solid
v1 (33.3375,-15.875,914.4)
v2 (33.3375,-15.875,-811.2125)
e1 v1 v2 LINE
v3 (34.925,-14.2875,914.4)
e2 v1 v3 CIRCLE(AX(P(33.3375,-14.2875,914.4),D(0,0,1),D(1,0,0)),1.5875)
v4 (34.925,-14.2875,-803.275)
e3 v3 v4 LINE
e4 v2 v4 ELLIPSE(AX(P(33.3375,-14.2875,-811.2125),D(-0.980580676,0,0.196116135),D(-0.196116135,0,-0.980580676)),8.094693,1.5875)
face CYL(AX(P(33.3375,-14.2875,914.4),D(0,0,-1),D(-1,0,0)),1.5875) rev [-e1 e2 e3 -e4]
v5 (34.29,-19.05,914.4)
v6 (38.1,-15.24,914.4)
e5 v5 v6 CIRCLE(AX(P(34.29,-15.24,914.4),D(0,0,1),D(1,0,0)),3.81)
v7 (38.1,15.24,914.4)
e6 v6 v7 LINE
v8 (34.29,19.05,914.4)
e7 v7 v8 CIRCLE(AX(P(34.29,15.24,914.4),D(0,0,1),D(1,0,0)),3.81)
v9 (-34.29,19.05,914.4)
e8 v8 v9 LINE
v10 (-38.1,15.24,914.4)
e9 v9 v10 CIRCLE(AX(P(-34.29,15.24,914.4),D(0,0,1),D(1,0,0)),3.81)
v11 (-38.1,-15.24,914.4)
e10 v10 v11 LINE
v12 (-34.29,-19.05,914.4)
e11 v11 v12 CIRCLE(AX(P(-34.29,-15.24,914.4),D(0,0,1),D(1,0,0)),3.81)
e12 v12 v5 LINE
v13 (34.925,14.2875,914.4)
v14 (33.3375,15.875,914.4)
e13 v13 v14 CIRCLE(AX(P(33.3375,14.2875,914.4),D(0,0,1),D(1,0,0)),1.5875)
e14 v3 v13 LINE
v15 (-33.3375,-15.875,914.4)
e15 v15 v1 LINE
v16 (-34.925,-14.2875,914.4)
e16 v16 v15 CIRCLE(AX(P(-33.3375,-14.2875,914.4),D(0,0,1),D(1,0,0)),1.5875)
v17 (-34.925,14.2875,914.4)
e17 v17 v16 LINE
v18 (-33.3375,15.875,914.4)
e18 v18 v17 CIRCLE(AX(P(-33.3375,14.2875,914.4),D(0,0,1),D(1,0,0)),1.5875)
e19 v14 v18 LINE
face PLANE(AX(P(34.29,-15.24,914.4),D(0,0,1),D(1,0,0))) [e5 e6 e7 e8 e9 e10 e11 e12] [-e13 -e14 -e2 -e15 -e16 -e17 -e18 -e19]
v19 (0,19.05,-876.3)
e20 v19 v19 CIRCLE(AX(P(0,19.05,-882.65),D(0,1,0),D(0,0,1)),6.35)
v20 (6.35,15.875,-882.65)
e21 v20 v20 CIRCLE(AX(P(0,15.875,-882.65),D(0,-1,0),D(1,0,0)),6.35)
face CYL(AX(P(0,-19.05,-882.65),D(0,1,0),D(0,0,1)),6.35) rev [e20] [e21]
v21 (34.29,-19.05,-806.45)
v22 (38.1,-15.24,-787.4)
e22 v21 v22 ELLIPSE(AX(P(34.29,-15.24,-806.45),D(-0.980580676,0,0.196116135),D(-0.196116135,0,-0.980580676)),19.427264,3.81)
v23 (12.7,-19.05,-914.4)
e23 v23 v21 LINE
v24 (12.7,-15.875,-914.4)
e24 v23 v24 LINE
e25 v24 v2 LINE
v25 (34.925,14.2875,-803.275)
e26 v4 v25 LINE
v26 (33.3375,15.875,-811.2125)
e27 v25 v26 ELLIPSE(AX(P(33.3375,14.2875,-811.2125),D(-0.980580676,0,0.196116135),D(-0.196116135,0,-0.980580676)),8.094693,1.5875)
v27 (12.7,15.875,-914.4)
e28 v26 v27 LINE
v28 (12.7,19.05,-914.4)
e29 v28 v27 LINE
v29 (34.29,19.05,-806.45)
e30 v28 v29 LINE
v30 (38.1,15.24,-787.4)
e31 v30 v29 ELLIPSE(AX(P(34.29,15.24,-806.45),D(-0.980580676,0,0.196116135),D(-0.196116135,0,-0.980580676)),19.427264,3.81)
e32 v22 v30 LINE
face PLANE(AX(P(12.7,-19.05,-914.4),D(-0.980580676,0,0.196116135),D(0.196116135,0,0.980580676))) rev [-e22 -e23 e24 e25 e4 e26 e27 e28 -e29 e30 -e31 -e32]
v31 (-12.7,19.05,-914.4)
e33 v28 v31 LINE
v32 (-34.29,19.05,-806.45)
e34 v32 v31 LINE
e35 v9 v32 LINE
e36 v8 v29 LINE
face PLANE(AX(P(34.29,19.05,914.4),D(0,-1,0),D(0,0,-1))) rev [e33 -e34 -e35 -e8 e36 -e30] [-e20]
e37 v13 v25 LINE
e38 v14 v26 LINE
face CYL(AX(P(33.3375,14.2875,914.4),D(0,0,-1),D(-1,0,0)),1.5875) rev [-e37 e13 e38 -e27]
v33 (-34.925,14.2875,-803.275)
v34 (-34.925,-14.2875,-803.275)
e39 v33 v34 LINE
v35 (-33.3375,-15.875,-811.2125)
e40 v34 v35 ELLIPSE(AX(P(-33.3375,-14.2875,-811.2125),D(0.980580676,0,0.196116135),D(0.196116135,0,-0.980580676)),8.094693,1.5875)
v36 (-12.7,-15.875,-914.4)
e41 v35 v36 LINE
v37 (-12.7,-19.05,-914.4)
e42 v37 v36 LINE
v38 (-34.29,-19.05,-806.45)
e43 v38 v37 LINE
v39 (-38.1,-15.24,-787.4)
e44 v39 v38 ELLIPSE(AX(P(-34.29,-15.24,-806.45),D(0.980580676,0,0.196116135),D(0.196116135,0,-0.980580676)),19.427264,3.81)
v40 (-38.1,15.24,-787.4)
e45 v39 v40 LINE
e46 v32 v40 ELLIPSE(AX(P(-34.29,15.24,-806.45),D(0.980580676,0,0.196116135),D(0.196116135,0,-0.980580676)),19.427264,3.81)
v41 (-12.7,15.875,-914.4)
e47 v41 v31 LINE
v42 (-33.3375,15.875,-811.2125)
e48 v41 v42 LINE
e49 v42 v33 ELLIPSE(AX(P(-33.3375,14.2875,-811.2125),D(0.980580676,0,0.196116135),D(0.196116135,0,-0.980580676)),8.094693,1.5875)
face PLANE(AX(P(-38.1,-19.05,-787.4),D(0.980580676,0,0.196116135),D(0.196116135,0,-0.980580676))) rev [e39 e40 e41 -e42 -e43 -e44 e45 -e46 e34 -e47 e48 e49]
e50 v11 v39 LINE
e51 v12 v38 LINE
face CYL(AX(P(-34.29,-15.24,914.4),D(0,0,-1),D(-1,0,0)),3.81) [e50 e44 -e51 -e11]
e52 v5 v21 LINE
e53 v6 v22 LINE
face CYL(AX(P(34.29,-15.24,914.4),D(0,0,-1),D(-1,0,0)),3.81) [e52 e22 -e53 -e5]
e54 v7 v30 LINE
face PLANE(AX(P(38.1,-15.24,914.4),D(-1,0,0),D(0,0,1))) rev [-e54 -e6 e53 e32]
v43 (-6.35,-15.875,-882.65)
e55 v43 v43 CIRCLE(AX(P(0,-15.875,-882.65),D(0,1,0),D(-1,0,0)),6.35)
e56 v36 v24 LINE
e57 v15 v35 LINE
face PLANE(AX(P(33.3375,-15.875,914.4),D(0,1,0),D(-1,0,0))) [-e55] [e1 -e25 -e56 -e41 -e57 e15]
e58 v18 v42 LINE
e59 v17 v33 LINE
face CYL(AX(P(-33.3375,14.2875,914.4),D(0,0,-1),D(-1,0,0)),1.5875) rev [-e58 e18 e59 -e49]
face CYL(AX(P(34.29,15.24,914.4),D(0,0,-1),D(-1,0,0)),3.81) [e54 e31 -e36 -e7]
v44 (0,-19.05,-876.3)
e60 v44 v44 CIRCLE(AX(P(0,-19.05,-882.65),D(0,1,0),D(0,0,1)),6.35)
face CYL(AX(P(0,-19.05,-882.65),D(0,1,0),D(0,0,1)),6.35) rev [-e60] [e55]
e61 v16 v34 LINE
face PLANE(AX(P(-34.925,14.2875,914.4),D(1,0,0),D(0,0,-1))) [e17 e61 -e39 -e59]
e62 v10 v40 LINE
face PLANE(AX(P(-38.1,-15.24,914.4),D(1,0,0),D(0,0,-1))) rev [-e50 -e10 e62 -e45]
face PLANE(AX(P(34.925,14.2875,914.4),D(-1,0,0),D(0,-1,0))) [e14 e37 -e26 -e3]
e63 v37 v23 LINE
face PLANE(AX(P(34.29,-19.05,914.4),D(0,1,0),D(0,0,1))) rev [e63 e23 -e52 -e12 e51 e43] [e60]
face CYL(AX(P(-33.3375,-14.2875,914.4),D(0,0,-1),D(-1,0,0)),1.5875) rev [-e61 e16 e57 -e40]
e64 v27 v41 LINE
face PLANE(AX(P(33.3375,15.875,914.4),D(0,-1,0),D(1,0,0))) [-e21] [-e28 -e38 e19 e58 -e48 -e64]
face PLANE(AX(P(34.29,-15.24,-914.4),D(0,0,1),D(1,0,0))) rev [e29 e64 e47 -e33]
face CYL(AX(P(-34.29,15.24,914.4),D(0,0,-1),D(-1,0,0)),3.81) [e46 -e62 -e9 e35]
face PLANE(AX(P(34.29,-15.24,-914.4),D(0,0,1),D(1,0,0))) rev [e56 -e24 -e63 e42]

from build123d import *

# Parameters (mm, degrees)
BOSS_EXTRUDE1_DEPTH      = 914.4
BOSS_EXTRUDE1_DEPTH_BACK = 914.4
SKETCH7_R                = 6.35
CUT_EXTRUDE1_DEPTH       = 916.986124349


with BuildPart() as part:
    # Sketch4 → Boss-Extrude1 (new, two sides: drawn at the far end of the back side and taken through both)
    with BuildSketch(Plane.XY.offset(-BOSS_EXTRUDE1_DEPTH_BACK)):
        with BuildLine():
            Line((38.1, -15.24), (38.1, 15.24))
            ThreePointArc((38.1, 15.24), (36.984076836, 17.934076836), (34.29, 19.05))
            Line((34.29, 19.05), (-34.29, 19.05))
            ThreePointArc((-34.29, 19.05), (-36.984076836, 17.934076836), (-38.1, 15.24))
            Line((-38.1, 15.24), (-38.1, -15.24))
            ThreePointArc((-38.1, -15.24), (-36.984076836, -17.934076836), (-34.29, -19.05))
            Line((-34.29, -19.05), (34.29, -19.05))
            ThreePointArc((34.29, -19.05), (36.984076836, -17.934076836), (38.1, -15.24))
        make_face()
        with BuildLine():
            Line((34.925, 14.2875), (34.925, -14.2875))
            ThreePointArc((34.925, -14.2875), (34.460032015, -15.410032015), (33.3375, -15.875))
            Line((33.3375, -15.875), (-33.3375, -15.875))
            ThreePointArc((-33.3375, -15.875), (-34.460032015, -15.410032015), (-34.925, -14.2875))
            Line((-34.925, -14.2875), (-34.925, 14.2875))
            ThreePointArc((-34.925, 14.2875), (-34.460032015, 15.410032015), (-33.3375, 15.875))
            Line((-33.3375, 15.875), (33.3375, 15.875))
            ThreePointArc((33.3375, 15.875), (34.460032015, 15.410032015), (34.925, 14.2875))
        make_face(mode=Mode.SUBTRACT)
    extrude(amount=BOSS_EXTRUDE1_DEPTH + BOSS_EXTRUDE1_DEPTH_BACK)

    # Sketch7 → Cut-Extrude1 (cut, through all)
    with BuildSketch(Plane(origin=(0, 19.05, 0), x_dir=(1, 0, 0), z_dir=(0, 1, 0))):
        with Locations(Location((0, 882.65, 0), (0, 0, 270))):
            Circle(SKETCH7_R)
        Polygon((12.7, 914.4), (38.1, 787.4), (38.1, 914.4), align=None)
        Polygon((-12.7, 914.4), (-38.1, 914.4), (-38.1, 787.4), align=None)
    extrude(amount=-CUT_EXTRUDE1_DEPTH, mode=Mode.SUBTRACT)


solid = part.part
